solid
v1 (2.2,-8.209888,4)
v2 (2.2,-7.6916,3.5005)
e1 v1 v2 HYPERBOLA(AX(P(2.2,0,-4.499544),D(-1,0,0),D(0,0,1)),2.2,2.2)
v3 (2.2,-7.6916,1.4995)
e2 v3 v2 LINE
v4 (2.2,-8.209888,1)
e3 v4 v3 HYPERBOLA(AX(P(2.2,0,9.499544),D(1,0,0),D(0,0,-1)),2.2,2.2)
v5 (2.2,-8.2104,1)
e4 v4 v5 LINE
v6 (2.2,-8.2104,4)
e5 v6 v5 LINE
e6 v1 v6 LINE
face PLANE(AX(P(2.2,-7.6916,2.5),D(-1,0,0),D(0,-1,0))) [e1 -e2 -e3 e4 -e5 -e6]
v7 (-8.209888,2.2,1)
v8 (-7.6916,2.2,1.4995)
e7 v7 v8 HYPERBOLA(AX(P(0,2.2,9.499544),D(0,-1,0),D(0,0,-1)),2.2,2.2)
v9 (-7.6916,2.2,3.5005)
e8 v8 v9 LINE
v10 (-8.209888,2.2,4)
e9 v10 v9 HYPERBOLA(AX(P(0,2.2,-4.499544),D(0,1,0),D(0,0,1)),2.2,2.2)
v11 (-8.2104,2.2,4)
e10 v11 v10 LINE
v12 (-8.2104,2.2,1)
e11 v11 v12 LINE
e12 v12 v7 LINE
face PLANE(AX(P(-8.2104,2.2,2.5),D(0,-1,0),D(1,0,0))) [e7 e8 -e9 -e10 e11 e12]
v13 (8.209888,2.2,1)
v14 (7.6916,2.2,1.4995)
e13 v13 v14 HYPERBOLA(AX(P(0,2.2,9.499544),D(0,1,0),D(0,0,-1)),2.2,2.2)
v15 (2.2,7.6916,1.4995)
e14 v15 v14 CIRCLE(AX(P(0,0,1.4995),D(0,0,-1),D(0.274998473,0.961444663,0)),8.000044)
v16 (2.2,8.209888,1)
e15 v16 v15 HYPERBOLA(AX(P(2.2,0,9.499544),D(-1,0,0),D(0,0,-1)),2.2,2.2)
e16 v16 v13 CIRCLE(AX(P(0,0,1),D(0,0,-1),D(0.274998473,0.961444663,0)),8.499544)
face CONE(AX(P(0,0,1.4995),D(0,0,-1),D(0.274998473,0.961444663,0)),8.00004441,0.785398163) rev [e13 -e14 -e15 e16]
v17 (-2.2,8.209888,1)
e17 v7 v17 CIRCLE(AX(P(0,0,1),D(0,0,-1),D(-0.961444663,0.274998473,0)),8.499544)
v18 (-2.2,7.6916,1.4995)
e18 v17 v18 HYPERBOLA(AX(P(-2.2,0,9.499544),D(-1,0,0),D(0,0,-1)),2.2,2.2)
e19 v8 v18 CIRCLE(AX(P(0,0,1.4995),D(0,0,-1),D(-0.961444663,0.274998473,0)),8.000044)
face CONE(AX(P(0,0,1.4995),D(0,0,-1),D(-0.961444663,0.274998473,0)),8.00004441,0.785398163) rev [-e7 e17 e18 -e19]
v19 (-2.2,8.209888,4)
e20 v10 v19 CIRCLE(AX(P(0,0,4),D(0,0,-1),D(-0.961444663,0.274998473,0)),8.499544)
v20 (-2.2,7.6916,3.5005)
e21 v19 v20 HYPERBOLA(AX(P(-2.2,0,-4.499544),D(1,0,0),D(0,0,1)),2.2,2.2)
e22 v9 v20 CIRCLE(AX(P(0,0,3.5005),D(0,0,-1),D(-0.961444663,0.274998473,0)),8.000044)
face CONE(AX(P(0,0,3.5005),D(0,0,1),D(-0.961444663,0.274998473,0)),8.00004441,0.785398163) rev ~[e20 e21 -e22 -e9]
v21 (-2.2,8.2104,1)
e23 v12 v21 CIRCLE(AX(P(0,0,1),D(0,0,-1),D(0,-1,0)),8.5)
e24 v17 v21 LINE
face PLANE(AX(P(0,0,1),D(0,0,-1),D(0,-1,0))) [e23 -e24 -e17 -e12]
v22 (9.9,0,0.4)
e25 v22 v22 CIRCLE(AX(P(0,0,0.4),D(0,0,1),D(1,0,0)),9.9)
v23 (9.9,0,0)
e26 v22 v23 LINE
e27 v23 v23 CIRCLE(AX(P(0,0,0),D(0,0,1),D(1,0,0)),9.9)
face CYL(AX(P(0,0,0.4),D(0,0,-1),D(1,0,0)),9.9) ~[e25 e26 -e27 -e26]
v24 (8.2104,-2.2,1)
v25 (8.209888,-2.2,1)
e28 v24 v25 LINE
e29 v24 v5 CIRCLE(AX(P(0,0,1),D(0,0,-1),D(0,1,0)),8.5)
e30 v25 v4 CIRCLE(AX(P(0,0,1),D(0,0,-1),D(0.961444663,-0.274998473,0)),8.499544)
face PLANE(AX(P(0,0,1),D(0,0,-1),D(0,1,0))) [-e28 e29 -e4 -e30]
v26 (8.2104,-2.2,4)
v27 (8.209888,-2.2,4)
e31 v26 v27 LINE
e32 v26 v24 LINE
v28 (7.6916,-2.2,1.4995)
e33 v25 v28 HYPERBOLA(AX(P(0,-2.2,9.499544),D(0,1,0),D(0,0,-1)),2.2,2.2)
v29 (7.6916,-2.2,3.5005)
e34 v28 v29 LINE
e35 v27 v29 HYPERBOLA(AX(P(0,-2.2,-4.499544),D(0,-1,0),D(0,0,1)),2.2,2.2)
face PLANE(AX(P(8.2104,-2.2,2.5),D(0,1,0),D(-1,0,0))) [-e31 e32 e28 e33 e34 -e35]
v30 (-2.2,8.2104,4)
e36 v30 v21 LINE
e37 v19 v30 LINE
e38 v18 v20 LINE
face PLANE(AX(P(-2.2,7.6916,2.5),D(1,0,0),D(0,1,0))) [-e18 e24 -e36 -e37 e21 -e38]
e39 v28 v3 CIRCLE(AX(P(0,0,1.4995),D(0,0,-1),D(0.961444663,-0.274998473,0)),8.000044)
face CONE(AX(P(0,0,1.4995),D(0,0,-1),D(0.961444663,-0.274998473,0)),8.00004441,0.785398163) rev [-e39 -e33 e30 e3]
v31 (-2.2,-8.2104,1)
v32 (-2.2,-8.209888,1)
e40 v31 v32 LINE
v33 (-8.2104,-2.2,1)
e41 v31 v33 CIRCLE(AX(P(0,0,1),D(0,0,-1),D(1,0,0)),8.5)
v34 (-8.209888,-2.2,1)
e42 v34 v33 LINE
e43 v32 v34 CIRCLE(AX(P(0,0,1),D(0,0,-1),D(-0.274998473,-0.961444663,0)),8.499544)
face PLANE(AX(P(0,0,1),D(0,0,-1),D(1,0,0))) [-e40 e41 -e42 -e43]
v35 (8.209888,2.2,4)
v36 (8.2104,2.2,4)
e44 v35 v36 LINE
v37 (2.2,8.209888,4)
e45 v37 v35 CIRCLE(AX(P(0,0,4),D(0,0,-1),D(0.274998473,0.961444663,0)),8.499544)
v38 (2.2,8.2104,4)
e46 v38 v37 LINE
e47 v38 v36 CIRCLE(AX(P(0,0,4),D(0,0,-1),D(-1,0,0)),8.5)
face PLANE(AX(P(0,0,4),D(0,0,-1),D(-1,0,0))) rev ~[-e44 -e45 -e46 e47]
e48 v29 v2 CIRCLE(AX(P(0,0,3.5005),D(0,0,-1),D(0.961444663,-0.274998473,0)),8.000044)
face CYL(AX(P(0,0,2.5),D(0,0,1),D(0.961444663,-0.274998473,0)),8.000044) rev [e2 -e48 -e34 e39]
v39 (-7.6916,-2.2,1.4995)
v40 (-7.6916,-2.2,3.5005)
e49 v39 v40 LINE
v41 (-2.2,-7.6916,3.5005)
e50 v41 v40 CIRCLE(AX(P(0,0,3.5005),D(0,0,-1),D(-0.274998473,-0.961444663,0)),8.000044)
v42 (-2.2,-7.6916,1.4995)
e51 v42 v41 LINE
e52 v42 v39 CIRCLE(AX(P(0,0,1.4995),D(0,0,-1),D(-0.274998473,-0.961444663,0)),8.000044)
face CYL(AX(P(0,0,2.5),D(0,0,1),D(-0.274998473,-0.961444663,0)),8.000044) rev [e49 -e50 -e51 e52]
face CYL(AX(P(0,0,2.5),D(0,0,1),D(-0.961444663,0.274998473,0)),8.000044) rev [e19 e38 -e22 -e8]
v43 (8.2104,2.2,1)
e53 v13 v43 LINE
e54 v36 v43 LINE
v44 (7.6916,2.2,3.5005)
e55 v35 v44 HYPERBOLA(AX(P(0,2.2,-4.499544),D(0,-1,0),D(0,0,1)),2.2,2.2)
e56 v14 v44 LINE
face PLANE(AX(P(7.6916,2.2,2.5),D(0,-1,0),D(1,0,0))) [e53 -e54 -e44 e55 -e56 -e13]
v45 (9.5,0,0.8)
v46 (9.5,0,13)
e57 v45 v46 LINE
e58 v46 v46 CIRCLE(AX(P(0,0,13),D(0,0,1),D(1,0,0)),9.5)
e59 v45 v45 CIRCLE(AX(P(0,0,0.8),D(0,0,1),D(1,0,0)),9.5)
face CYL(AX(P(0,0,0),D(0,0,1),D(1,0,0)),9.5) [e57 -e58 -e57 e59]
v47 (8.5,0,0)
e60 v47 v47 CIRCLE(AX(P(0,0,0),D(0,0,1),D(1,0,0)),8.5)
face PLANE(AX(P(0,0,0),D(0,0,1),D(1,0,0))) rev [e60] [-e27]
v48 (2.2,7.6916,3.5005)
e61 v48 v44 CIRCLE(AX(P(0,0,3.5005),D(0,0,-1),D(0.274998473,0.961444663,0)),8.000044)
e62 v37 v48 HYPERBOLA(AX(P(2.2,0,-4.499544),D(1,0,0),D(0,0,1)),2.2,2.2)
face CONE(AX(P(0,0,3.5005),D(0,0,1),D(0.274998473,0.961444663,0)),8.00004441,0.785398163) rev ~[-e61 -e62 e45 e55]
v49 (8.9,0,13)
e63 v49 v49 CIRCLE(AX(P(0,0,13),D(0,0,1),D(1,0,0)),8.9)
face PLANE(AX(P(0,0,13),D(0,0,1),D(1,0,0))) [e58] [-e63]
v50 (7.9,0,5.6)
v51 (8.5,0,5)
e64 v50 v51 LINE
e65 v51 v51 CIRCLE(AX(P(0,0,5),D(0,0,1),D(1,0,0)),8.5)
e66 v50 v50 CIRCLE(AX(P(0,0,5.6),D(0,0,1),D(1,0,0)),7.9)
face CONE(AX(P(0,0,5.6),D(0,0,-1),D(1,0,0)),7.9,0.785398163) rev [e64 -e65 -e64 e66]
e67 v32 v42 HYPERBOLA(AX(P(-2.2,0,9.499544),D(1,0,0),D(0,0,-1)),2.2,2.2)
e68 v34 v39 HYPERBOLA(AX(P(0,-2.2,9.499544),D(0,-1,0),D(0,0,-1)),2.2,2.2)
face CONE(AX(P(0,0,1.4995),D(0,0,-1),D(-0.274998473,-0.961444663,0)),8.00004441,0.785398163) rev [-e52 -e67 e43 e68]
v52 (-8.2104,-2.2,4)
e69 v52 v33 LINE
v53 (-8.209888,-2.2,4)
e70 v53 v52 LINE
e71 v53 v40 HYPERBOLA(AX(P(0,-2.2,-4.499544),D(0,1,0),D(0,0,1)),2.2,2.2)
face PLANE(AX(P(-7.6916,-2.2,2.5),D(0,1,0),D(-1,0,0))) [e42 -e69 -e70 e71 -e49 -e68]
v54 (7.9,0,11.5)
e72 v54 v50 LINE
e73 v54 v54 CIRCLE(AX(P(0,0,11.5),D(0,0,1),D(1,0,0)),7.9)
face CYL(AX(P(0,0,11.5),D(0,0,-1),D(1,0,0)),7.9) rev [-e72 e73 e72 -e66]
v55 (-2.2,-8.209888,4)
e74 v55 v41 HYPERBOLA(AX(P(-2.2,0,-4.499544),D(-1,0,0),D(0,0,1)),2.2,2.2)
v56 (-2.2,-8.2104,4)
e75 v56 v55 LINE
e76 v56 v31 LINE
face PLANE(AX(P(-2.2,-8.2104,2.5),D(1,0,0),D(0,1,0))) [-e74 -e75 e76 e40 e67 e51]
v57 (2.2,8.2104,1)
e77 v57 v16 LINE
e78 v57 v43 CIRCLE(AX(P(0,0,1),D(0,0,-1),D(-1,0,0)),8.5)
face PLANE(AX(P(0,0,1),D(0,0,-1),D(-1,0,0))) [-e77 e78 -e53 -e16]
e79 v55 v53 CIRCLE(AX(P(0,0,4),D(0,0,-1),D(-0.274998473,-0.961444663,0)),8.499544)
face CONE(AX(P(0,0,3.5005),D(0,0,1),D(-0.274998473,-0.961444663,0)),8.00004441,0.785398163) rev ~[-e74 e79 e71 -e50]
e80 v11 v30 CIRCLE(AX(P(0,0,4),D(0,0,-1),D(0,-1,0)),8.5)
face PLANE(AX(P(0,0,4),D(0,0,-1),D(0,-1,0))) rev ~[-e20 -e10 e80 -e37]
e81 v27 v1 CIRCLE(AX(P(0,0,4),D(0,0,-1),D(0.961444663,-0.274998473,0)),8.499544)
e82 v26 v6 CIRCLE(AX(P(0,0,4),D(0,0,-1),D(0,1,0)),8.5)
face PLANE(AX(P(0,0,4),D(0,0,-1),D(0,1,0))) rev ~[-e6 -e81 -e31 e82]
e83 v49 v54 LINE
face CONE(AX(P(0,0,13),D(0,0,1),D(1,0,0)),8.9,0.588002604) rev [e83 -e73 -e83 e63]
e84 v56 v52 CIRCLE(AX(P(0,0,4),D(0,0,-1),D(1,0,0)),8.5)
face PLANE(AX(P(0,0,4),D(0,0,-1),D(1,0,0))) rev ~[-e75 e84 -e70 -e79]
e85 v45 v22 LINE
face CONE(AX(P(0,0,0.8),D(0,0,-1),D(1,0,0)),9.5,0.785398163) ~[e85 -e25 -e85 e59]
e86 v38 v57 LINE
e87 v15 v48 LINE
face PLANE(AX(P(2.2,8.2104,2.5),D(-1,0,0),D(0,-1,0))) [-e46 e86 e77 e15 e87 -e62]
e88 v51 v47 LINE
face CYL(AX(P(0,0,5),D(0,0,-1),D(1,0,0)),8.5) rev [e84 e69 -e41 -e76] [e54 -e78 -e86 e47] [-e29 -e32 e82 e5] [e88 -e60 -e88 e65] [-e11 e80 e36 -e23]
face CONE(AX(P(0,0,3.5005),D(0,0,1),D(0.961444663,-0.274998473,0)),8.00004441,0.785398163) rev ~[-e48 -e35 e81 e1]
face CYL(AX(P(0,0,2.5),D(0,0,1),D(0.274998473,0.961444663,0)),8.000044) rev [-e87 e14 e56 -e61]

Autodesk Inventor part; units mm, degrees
ref_plane "YZ Plane" through (0, 0, 0) normal (1, 0, 0) x (0, 1, 0)
ref_plane "XZ Plane" through (0, 0, 0) normal (0, 1, 0) x (-1, 0, 0)
ref_plane "XY Plane" through (0, 0, 0) normal (0, 0, 1) x (1, 0, 0)
sketch "Sketch1" plane through (0, 0, 0) normal (0, 1, 0) x (-1, 0, 0)
  line L0 (0, 0) -> (0, 13)
  line L1 (-8.9, 13) -> (-7.9, 11.5)
  line L2 (-7.9, 11.5) -> (-7.9, 5.6)
  line L3 (-7.9, 5.6) -> (-8.5, 5)
  line L4 (-8.5, 5) -> (-8.5, 0)
  line L5 (-8.5, 0) -> (-9.5, 0)
  line L6 (-9.5, 0) -> (-9.5, 13)
  line L7 (-9.5, 13) -> (-8.9, 13)
  line L8 (-9.5, 0.8) -> (-9.9, 0.4)
  line L9 (-9.9, 0.4) -> (-9.9, 0)
  line L10 (-9.9, 0) -> (-9.5, 0)
  dimension "d0" = 15.8
  dimension "d1" = 5
  dimension "d2" = 19
  dimension "d3" = 1
  dimension "d4" = 1.5
  dimension "d5" = 8
  dimension "d6" = 17
  dimension "d7" = 45
  dimension "d9" = 0.8
  dimension "d10" = 0.4
  dimension "d11" = 0.4
revolve "Revolution1" add sketch "Sketch1" angle 360 about axis through (0, 0, 0) along (0, 0, 1)
ref_plane "Work Plane1" through (0, 0, 2.5) normal (0, 0, -1) x (-1, 0, 0)
sketch "Sketch2" plane through (0, 0, 2.5) normal (0, 0, -1) x (-1, 0, 0)
  circle A0 centre (0, 0) radius 8.5 projected
  line L0 (-2.2, 8.2104) -> (-2.2, 7.6916)
  arc A1 (-2.2, 7.6916) -> (-7.6916, 2.2) centre (0, 0) ccw
  line L1 (-7.6916, 2.2) -> (-8.2104, 2.2)
  dimension "d14" = 60
  dimension "d15" = 0.5
extrude "Extrusion1" add sketch "Sketch2" along normal mid plane 3 contours L0 A1 L1 A0 picked at (-5.6701, 6.0517)
chamfer "Chamfer1" distance 0.5 angle 45 2 edges at (5.6569, 5.6569, 4) (5.6569, 5.6569, 1)
pattern_circular "Circular Pattern1" count 4 over 360 about axis through (0, 0, -10) along (0, 0, 1) of "Extrusion1", "Chamfer1"
properties part number "screw-grip_3DPrint"
